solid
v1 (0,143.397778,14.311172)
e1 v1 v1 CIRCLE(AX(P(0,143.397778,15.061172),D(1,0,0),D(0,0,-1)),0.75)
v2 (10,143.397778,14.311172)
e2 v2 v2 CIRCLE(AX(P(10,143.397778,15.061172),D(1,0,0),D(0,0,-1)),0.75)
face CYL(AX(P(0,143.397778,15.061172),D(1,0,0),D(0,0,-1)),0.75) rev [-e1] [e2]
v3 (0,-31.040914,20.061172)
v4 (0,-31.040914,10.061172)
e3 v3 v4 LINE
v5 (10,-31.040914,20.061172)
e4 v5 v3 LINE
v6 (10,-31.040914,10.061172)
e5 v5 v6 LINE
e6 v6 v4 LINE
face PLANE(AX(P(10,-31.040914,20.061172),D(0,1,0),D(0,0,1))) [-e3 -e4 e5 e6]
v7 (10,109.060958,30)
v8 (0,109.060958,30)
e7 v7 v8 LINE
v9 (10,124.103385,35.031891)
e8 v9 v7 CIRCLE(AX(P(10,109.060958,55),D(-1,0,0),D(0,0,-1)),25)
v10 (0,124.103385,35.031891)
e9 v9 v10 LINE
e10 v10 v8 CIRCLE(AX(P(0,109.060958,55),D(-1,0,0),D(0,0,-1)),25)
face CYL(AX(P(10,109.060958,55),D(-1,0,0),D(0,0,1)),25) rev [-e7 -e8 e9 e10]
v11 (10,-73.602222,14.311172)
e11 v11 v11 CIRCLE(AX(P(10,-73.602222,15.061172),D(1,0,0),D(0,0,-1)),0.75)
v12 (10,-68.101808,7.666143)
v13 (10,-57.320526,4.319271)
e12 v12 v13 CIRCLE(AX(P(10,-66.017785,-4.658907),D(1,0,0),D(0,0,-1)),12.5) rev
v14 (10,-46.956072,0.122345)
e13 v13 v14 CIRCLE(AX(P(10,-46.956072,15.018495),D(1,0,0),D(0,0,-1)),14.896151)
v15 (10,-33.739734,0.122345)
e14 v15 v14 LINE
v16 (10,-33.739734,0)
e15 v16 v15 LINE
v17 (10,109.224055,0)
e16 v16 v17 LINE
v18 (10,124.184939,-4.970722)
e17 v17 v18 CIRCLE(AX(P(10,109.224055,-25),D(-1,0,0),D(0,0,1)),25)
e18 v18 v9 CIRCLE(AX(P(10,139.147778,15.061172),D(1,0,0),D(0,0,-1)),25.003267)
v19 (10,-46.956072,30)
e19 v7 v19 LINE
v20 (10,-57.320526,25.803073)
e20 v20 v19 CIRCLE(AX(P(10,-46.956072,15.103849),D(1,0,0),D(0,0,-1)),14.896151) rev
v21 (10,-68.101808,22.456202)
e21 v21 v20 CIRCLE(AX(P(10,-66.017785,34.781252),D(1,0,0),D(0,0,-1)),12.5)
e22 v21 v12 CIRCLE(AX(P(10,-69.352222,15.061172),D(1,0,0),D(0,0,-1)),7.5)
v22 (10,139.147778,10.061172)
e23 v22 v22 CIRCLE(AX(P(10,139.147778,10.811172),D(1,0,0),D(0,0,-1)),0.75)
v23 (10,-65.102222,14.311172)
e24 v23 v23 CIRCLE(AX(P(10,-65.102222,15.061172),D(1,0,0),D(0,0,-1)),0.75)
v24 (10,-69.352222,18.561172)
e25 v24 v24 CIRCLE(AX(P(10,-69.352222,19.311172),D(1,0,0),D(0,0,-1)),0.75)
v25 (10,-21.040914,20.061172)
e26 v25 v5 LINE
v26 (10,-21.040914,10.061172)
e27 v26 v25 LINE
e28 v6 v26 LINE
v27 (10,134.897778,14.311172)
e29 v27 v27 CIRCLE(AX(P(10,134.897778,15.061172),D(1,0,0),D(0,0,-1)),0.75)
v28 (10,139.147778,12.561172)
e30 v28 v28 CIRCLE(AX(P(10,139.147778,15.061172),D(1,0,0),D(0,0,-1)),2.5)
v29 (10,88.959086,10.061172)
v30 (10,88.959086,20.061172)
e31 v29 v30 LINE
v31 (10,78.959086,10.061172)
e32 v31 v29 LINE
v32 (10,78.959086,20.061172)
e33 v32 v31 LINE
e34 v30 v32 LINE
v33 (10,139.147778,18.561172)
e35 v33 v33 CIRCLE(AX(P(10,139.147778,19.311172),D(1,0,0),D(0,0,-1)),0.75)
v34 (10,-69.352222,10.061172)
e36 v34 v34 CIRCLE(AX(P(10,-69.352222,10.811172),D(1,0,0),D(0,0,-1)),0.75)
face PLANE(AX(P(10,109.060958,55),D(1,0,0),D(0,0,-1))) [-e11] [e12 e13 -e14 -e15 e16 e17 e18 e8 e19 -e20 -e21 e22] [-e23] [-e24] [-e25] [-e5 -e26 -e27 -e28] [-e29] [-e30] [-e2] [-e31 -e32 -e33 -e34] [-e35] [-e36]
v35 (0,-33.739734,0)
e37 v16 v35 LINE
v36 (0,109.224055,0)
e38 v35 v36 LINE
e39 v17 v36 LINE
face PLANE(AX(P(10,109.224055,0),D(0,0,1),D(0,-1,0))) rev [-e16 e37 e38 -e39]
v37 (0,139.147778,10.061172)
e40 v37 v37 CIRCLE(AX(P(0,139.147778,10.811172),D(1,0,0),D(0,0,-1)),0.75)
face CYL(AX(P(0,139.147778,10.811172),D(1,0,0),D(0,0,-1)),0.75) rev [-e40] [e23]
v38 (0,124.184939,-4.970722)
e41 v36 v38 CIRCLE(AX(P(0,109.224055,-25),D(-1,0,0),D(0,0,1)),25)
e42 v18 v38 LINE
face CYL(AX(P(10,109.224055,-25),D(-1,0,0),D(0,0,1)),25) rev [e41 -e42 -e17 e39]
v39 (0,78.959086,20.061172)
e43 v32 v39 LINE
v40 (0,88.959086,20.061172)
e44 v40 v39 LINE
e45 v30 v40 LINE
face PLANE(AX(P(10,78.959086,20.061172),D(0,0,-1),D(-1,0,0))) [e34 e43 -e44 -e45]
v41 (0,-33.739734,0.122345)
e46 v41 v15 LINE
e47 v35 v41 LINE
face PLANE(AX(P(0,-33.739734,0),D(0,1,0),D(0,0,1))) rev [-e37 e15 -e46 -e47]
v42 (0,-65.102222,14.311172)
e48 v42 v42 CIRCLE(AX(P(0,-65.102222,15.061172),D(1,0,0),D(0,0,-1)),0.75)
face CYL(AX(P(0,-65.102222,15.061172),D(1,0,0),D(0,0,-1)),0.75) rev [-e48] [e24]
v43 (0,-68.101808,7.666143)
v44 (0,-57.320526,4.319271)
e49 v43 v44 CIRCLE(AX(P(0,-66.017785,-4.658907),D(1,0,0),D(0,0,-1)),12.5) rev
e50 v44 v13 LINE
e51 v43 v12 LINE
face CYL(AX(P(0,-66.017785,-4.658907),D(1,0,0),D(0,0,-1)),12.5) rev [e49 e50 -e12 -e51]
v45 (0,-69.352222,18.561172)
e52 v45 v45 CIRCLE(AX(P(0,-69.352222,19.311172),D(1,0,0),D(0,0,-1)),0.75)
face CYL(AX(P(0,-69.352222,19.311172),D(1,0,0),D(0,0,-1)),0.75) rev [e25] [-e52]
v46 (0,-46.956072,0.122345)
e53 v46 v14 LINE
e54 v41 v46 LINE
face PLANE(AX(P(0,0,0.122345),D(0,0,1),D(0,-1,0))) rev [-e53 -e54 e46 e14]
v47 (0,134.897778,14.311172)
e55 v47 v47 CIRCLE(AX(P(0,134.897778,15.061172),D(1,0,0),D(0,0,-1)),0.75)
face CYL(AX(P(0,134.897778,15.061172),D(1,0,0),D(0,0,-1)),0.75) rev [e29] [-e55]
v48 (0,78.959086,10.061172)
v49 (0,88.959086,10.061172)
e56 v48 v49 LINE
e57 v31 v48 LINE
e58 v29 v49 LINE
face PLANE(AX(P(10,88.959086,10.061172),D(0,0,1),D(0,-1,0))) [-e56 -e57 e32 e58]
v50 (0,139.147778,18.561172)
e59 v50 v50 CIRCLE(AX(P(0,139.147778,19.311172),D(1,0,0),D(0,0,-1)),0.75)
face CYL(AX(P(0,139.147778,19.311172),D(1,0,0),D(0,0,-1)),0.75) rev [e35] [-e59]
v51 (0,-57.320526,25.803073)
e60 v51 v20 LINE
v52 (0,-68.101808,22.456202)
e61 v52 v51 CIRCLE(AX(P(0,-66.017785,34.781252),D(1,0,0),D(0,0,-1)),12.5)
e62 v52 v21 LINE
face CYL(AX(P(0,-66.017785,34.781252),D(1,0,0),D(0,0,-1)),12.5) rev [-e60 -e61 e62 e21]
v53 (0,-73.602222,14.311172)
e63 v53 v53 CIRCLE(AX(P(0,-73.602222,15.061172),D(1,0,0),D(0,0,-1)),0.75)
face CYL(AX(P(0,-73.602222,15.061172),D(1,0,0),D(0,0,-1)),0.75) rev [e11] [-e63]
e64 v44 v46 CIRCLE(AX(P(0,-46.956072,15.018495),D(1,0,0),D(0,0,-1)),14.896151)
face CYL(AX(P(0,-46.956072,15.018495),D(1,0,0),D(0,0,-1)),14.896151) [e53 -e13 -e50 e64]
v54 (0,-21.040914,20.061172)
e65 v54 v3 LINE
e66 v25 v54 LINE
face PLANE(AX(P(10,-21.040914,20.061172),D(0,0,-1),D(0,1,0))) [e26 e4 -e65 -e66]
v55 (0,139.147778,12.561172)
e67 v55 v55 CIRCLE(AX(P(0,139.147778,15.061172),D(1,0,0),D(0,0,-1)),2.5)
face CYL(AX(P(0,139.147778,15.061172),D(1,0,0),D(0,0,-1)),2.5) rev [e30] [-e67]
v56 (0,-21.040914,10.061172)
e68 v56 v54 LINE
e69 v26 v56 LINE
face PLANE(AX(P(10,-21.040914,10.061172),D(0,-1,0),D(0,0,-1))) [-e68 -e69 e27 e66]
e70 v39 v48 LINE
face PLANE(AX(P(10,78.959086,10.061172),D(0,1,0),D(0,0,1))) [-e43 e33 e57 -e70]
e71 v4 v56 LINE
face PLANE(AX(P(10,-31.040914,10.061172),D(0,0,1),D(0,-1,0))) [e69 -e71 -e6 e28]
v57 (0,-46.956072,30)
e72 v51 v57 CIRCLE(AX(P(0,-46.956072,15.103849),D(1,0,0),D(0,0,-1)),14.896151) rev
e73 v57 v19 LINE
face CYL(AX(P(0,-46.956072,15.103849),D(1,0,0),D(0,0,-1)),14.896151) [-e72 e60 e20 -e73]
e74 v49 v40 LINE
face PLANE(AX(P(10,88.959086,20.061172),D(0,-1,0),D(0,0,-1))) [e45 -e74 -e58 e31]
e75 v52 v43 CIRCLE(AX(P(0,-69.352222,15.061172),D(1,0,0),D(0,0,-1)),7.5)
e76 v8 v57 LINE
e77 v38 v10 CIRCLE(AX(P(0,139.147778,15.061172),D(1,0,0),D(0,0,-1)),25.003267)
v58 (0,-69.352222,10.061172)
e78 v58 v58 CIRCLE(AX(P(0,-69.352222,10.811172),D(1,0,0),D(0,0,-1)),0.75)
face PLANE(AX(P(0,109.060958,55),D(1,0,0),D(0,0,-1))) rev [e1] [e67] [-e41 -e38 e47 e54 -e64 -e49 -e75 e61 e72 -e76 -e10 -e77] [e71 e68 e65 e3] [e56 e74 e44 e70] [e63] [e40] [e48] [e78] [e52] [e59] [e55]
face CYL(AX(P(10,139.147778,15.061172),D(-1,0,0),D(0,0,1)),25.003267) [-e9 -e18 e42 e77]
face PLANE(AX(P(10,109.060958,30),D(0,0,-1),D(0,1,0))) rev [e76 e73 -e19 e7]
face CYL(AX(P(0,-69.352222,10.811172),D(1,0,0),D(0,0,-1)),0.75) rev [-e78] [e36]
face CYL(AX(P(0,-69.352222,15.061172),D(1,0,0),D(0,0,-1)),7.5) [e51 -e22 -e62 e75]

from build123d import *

# Parameters (mm, degrees)
SKETCH1_W           = 10
SKETCH1_H           = 10
BOSS_EXTRUDE1_DEPTH = 10
SKETCH2_R           = 0.75
CUT_EXTRUDE1_DEPTH  = 170.265249142
SKETCH3_R           = 0.75
CUT_EXTRUDE2_DEPTH  = 170.265249142
CUT_EXTRUDE5_START  = -10
CUT_EXTRUDE5_DEPTH  = 10
SKETCH5_R           = 2.5
CUT_EXTRUDE6_DEPTH  = 170.265249142


with BuildPart() as part:
    # Sketch1 → Boss-Extrude1 (new body)
    with BuildSketch(Plane(origin=(0, 0, 0), x_dir=(0, 0, -1), z_dir=(1, 0, 0))):
        with BuildLine():
            Line((0, 109.22405545), (0, -43.10336506))
            ThreePointArc((0, -43.10336506), (0.541577594, -48.278843147), (2.142845875, -53.230087397))
            ThreePointArc((2.142845875, -53.230087397), (-15.125529103, -79.668997921), (-32.212650318, -53.112585274))
            ThreePointArc((-32.212650318, -53.112585274), (-30.559421631, -48.088849966), (-30, -42.82975033))
            Line((-30, -42.82975033), (-30, 109.060958061))
            ThreePointArc((-30, 109.060958061), (-31.291322972, 116.99182394), (-35.031890687, 124.103385075))
            ThreePointArc((-35.031890687, 124.103385075), (-15.112146754, 164.150992221), (4.970722417, 124.184939097))
            ThreePointArc((4.970722417, 124.184939097), (1.275203483, 117.106569656), (0, 109.22405545))
        make_face()
        with Locations((-15.061172266, 83.959086258)):
            Rectangle(SKETCH1_W, SKETCH1_H, mode=Mode.SUBTRACT)
        with Locations((-15.061172266, -26.040913742)):
            Rectangle(SKETCH1_W, SKETCH1_H, mode=Mode.SUBTRACT)
    extrude(amount=BOSS_EXTRUDE1_DEPTH)

    # Sketch2 → Cut-Extrude1 (cut, through all)
    with BuildSketch(Plane(origin=(10, 0, 0), x_dir=(0, 0, -1), z_dir=(1, 0, 0))):
        with Locations((-15.061172266, 143.397777589)):
            Circle(SKETCH2_R)
        with Locations((-19.311172266, 139.147777589)):
            Circle(SKETCH2_R)
        with Locations((-10.811172266, 139.147777589)):
            Circle(SKETCH2_R)
        with Locations((-15.061172266, 134.897777589)):
            Circle(SKETCH2_R)
    extrude(amount=-CUT_EXTRUDE1_DEPTH, mode=Mode.SUBTRACT)

    # Sketch3 → Cut-Extrude2 (cut, through all)
    with BuildSketch(Plane(origin=(10, 0, 0), x_dir=(0, 0, -1), z_dir=(1, 0, 0))):
        with Locations((-19.311172266, -69.352222411)):
            Circle(SKETCH3_R)
        with Locations((-15.061172266, -65.102222411)):
            Circle(SKETCH3_R)
        with Locations((-10.811172266, -69.352222411)):
            Circle(SKETCH3_R)
        with Locations((-15.061172266, -73.602222411)):
            Circle(SKETCH3_R)
    extrude(amount=-CUT_EXTRUDE2_DEPTH, mode=Mode.SUBTRACT)

    # Sketch4 → Cut-Extrude5 (cut)
    with BuildSketch(Plane(origin=(10, 0, 0), x_dir=(0, 0, -1), z_dir=(1, 0, 0)).offset(CUT_EXTRUDE5_START)):
        with BuildLine():
            Line((-30, -42.82975033), (-30, -33.739733883))
            Line((-30, -33.739733883), (-50.712575643, -33.739733883))
            Line((-50.712575643, -33.739733883), (-50.712575643, -86.676053834))
            Line((-50.712575643, -86.676053834), (22.03762198, -86.676053834))
            Line((22.03762198, -86.676053834), (22.03762198, -33.739733883))
            Line((22.03762198, -33.739733883), (0, -33.739733883))
            Line((0, -33.739733883), (0, -43.10336506))
            ThreePointArc((0, -43.10336506), (0.541577594, -48.278843147), (2.142845875, -53.230087397))
            ThreePointArc((2.142845875, -53.230087397), (-15.125529103, -79.668997921), (-32.212650318, -53.112585274))
            ThreePointArc((-32.212650318, -53.112585274), (-30.559421631, -48.088849966), (-30, -42.82975033))
        make_face()
        with BuildLine():
            Line((-30, -46.956071773), (-30, -42.82975033))
            ThreePointArc((-30, -42.82975033), (-30.559421631, -48.088849966), (-32.212650318, -53.112585274))
            ThreePointArc((-32.212650318, -53.112585274), (-15.125529103, -79.668997921), (2.142845875, -53.230087397))
            ThreePointArc((2.142845875, -53.230087397), (0.541577594, -48.278843147), (0, -43.10336506))
            Line((0, -43.10336506), (0, -33.739733883))
            Line((0, -33.739733883), (-0.122344533, -33.739733883))
            Line((-0.122344533, -33.739733883), (-0.122344533, -46.956071773))
            ThreePointArc((-0.122344533, -46.956071773), (-1.211385526, -52.547049066), (-4.319271357, -57.320526105))
            ThreePointArc((-4.319271357, -57.320526105), (-7.279094989, -62.31182931), (-7.666142531, -68.101808395))
            ThreePointArc((-7.666142531, -68.101808395), (-15.061172266, -76.852222411), (-22.456202002, -68.101808395))
            ThreePointArc((-22.456202002, -68.101808395), (-22.843249544, -62.31182931), (-25.803073176, -57.320526105))
            ThreePointArc((-25.803073176, -57.320526105), (-28.910959007, -52.547049066), (-30, -46.956071773))
        make_face()
    extrude(amount=CUT_EXTRUDE5_DEPTH, mode=Mode.SUBTRACT)

    # Sketch5 → Cut-Extrude6 (cut, through all)
    with BuildSketch(Plane(origin=(10, 0, 0), x_dir=(0, 0, -1), z_dir=(1, 0, 0))):
        with Locations((-15.061172266, 139.147777589)):
            Circle(SKETCH5_R)
    extrude(amount=-CUT_EXTRUDE6_DEPTH, mode=Mode.SUBTRACT)


solid = part.part
